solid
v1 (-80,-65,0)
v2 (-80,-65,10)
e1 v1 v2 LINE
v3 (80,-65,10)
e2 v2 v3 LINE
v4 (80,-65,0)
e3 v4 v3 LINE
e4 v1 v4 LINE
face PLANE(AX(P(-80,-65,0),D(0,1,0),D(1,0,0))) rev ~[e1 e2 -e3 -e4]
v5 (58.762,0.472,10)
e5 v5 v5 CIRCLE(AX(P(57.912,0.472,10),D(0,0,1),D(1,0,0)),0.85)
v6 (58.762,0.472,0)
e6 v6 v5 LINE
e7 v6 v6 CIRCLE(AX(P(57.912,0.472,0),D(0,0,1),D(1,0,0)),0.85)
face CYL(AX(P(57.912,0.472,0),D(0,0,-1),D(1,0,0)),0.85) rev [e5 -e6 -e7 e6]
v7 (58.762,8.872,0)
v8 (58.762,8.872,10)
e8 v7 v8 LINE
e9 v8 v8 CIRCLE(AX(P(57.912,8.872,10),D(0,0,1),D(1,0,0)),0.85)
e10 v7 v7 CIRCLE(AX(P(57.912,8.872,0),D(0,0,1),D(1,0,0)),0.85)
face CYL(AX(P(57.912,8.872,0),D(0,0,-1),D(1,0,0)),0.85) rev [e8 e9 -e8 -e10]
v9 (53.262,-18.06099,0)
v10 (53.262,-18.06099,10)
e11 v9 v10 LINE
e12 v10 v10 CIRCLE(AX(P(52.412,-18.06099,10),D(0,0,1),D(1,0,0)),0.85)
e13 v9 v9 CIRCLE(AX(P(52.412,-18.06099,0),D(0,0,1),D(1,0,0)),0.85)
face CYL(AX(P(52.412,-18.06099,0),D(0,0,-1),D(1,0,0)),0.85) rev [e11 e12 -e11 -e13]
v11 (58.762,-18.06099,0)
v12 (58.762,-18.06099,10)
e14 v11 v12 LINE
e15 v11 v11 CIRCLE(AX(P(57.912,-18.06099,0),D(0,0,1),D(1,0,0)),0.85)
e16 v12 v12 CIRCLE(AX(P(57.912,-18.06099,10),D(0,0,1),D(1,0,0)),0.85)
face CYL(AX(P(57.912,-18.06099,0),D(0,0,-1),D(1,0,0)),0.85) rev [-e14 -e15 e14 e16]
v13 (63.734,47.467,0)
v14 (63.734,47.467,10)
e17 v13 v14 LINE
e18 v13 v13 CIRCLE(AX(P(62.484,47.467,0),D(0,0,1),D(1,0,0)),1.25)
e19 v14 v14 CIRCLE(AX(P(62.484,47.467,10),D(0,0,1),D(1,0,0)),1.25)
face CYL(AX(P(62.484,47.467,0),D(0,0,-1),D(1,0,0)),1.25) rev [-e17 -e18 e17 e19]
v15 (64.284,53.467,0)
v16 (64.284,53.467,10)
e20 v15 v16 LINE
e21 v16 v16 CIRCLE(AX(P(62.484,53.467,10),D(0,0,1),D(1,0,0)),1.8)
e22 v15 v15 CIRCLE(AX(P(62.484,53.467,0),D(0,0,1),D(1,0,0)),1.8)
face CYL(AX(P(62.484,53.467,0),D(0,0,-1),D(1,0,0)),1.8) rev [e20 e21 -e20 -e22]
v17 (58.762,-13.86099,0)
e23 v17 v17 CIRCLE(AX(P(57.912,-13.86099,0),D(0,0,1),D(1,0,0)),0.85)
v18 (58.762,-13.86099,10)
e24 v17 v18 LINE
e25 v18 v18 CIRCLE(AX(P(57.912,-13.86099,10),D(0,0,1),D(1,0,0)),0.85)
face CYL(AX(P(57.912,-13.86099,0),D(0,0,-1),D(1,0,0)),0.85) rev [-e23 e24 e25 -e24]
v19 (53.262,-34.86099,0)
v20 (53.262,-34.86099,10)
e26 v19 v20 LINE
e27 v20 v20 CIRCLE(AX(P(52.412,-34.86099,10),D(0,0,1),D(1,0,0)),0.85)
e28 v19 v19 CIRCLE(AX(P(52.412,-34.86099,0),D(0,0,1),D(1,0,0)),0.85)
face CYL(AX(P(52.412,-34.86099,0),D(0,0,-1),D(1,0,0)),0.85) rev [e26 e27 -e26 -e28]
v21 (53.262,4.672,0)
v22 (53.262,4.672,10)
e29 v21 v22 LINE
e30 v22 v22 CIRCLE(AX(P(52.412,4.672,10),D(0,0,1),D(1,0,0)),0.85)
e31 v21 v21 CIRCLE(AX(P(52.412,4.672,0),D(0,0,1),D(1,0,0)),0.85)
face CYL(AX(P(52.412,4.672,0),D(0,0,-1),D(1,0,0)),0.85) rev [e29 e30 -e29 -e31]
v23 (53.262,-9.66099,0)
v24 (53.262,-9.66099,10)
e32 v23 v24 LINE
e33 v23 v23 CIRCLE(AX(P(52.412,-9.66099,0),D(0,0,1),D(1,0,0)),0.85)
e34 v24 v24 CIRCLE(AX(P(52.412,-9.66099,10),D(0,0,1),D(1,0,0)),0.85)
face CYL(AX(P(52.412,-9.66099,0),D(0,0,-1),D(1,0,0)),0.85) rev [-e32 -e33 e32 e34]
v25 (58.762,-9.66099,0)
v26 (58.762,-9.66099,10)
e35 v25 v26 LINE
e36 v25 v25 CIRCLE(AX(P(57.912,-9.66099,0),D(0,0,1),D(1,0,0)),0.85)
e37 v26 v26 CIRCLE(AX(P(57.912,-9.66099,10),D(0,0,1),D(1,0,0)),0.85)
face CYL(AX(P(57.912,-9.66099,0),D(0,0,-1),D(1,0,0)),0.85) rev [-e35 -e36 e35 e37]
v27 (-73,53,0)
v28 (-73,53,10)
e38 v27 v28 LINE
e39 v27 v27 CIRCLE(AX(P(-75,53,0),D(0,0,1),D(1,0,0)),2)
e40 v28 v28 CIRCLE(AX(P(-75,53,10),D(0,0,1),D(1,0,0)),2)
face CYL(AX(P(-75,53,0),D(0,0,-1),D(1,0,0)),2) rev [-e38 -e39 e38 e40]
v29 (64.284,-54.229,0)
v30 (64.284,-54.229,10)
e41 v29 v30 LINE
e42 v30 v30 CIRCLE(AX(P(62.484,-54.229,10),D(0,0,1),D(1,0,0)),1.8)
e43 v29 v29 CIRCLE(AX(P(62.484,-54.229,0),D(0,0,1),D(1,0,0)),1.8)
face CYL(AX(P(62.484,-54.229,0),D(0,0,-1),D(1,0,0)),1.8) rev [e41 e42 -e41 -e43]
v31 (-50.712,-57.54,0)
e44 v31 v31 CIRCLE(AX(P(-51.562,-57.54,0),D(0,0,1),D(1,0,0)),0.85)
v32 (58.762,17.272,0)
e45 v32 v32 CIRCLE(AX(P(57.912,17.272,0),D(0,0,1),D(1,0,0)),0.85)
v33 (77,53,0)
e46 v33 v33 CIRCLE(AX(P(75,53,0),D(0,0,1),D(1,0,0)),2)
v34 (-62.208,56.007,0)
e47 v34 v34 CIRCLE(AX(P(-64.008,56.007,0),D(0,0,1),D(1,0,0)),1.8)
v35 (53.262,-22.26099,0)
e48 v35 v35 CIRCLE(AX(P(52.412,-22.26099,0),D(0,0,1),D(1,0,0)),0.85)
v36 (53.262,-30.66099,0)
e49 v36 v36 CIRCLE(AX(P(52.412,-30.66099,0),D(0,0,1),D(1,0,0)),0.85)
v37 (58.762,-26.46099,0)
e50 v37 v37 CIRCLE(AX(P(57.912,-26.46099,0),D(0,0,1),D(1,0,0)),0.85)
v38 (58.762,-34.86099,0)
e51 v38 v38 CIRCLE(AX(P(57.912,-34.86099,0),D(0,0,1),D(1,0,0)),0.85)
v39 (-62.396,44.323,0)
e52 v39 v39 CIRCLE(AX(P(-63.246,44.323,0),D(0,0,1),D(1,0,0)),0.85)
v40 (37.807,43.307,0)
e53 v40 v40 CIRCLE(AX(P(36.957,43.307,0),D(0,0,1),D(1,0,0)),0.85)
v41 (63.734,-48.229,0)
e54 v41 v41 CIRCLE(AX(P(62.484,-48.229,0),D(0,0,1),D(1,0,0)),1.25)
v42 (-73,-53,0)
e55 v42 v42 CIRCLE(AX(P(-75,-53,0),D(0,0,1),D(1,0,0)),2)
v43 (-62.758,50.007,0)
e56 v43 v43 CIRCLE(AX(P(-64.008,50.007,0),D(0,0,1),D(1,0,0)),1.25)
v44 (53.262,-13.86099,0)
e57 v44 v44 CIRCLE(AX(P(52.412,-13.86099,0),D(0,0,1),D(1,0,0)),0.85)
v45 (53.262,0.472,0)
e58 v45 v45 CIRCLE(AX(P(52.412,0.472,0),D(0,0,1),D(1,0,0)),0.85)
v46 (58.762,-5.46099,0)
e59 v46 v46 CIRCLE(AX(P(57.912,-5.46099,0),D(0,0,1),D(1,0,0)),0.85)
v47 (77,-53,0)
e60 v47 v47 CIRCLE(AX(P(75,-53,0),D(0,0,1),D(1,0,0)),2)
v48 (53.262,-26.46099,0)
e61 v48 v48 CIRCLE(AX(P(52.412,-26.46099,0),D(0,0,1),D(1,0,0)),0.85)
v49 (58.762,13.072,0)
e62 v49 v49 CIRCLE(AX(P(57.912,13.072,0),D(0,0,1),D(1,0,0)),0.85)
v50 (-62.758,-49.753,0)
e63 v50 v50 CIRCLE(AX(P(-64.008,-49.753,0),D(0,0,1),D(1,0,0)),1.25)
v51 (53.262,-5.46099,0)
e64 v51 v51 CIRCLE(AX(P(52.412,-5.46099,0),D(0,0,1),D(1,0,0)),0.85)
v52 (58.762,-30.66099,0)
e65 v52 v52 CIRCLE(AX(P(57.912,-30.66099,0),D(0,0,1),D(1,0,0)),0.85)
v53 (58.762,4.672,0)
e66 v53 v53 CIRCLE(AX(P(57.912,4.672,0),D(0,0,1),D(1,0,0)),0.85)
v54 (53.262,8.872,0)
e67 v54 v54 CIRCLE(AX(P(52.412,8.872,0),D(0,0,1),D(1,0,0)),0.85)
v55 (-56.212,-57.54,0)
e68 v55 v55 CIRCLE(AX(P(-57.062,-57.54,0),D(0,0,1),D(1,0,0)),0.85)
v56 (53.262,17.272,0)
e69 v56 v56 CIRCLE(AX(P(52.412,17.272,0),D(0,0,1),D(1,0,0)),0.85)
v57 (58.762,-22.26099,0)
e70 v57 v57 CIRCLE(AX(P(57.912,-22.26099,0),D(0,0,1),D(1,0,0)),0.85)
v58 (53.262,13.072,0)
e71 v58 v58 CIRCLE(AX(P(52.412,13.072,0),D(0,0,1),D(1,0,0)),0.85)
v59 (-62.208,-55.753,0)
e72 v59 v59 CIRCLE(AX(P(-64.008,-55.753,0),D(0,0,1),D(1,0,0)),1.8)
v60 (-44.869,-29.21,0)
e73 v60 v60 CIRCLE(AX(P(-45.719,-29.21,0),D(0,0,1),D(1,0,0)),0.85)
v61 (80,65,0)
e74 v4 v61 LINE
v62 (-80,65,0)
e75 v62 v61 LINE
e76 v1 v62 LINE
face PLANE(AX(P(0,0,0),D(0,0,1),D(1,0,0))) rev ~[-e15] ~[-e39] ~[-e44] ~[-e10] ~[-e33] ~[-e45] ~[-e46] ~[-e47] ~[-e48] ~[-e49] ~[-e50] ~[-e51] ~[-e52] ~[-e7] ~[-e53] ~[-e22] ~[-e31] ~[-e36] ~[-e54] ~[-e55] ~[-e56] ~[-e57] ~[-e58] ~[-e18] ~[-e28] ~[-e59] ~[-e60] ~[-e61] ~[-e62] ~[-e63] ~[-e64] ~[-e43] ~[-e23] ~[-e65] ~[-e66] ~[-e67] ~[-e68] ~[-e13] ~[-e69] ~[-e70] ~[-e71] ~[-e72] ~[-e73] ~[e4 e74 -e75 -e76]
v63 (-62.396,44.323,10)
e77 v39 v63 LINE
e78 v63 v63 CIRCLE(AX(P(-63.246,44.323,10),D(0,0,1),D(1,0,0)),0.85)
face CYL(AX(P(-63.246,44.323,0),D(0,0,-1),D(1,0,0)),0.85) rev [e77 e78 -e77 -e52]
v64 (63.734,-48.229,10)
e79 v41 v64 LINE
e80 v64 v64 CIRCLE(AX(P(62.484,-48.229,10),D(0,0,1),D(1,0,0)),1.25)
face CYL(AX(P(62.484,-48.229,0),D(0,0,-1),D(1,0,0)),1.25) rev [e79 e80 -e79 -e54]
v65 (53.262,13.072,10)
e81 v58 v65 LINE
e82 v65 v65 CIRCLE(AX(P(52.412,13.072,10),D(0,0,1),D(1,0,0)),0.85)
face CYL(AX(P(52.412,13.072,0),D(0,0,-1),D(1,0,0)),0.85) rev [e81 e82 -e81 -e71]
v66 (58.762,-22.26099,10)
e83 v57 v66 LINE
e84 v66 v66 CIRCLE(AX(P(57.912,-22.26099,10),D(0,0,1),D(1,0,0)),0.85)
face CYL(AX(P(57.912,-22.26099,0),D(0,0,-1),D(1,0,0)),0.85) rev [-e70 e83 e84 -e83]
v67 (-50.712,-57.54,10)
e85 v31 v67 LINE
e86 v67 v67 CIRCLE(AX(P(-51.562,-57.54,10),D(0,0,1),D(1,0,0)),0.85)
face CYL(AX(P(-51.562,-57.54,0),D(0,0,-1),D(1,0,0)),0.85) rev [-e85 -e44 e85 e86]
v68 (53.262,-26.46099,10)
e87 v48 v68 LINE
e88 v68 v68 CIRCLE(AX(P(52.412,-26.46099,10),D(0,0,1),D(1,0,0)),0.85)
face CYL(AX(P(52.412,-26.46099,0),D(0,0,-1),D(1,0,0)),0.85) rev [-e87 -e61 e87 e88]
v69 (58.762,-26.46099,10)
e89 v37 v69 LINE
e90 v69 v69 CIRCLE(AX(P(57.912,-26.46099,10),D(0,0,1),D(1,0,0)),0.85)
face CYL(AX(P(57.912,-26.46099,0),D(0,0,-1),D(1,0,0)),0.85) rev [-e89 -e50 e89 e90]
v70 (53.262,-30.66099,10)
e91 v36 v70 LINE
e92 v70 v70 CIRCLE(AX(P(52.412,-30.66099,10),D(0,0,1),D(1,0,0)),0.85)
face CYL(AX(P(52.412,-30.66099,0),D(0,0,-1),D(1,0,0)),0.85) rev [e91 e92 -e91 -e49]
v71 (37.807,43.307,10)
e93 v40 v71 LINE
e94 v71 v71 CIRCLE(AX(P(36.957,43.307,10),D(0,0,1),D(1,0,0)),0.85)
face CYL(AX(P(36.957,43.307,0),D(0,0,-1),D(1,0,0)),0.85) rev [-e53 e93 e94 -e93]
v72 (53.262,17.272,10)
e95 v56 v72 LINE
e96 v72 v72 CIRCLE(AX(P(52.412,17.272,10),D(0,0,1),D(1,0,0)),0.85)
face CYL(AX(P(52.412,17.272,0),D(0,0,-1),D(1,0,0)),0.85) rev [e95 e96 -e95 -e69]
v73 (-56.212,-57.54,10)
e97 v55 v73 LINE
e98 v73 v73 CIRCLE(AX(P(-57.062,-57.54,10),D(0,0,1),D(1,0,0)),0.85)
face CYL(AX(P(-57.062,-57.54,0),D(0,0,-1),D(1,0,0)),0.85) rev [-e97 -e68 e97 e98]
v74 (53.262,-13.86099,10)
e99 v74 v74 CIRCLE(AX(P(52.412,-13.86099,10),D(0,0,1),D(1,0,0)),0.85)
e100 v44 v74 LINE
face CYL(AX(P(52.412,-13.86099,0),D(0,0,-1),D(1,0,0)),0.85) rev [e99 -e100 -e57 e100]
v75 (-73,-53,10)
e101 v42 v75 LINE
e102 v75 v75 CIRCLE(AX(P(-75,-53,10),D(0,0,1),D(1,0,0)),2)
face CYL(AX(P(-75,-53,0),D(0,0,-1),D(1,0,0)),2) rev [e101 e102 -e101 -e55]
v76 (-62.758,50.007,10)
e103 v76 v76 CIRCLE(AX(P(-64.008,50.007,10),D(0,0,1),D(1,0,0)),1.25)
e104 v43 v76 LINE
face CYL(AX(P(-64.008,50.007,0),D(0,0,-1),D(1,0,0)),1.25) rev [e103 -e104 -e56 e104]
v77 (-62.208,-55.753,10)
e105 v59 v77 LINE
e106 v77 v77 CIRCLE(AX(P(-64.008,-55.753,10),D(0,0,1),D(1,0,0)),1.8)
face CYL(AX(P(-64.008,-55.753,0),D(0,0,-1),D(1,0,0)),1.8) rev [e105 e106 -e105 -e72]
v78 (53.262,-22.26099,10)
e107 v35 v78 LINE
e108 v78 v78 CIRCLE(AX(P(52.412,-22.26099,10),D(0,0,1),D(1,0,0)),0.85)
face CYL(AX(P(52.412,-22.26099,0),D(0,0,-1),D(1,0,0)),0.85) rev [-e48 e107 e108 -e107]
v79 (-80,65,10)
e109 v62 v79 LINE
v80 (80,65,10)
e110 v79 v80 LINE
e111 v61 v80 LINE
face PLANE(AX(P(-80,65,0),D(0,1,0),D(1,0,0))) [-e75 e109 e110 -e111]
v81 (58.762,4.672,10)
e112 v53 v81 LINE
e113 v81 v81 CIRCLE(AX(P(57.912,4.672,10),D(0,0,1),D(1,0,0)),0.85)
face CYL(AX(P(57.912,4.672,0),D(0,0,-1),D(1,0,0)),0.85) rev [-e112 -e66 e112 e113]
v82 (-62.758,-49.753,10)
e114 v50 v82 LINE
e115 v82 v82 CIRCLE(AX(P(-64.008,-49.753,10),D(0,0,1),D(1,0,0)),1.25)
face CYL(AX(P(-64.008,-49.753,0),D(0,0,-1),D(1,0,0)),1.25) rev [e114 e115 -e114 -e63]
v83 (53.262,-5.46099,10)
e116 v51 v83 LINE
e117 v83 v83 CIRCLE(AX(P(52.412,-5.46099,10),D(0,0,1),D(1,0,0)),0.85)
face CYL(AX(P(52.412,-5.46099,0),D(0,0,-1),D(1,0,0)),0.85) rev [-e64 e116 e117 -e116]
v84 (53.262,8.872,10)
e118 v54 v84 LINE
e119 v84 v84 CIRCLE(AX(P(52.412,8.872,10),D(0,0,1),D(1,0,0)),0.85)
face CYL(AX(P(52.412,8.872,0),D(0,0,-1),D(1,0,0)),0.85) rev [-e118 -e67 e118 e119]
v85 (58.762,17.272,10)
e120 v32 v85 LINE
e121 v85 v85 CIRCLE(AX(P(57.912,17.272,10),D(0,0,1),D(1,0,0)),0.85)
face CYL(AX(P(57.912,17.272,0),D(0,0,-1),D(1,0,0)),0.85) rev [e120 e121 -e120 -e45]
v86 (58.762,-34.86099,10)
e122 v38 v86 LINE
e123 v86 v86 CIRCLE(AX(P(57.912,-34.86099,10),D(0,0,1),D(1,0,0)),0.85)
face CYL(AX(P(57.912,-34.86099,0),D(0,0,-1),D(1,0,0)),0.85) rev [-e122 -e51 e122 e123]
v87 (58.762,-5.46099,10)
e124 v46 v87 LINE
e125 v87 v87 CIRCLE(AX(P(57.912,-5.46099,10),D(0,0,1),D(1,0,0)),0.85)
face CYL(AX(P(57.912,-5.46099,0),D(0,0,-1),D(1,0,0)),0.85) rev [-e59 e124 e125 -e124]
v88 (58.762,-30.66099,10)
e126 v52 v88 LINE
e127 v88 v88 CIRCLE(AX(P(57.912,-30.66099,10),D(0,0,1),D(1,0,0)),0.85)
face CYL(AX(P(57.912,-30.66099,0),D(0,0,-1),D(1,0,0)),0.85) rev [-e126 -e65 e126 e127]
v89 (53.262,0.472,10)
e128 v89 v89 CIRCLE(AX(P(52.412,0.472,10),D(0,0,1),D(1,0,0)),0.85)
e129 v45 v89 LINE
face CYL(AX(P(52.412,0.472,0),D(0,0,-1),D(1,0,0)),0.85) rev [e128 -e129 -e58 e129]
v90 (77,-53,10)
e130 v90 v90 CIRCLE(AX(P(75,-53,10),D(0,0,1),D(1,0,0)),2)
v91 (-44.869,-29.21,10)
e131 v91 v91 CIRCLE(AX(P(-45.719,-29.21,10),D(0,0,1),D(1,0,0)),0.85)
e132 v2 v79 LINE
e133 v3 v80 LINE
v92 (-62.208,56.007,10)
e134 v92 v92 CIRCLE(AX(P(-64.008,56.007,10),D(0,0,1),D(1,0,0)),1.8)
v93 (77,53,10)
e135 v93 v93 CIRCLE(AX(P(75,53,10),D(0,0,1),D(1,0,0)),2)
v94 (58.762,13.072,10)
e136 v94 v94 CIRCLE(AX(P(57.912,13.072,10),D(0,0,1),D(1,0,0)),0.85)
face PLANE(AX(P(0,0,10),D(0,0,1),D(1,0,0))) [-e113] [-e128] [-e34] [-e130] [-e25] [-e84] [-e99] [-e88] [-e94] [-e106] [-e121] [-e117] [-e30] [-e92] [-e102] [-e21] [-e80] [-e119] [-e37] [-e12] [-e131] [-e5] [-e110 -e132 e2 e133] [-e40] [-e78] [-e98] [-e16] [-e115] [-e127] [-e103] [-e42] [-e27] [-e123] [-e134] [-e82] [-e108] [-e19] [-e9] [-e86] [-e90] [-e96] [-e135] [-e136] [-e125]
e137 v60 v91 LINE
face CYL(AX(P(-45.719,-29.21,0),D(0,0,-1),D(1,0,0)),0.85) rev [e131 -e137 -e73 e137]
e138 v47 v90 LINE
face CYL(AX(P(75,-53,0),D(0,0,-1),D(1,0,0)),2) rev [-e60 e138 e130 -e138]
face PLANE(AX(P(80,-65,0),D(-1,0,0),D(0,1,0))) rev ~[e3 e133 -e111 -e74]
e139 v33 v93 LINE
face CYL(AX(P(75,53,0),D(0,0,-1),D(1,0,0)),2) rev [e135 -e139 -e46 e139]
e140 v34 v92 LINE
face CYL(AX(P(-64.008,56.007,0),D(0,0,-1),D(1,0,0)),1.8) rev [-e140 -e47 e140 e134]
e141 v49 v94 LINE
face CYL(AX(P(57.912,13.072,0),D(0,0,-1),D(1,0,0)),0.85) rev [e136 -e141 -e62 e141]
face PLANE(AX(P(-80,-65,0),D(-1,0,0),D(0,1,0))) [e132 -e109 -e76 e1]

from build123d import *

# Parameters (mm, degrees)
F0_W     = 160
F0_H     = 130
F0_R     = 2
F0_R_2   = 1.8
F0_R_3   = 1.25
F0_R_4   = 0.85
F1_DEPTH = 10


with BuildPart() as f1:
    # F0 (on Top) → F1 (new body)
    with BuildSketch(Plane.XY):
        Rectangle(F0_W, F0_H)
        with Locations((-75, -53)):
            Circle(F0_R, mode=Mode.SUBTRACT)
        with Locations((-64.008, -55.753)):
            Circle(F0_R_2, mode=Mode.SUBTRACT)
        with Locations((-64.008, -49.753)):
            Circle(F0_R_3, mode=Mode.SUBTRACT)
        with Locations((-57.062, -57.54)):
            Circle(F0_R_4, mode=Mode.SUBTRACT)
        with Locations((-51.562, -57.54)):
            Circle(F0_R_4, mode=Mode.SUBTRACT)
        with Locations((-45.719, -29.21)):
            Circle(F0_R_4, mode=Mode.SUBTRACT)
        with Locations((62.484, -54.229)):
            Circle(F0_R_2, mode=Mode.SUBTRACT)
        with Locations((75, -53)):
            Circle(F0_R, mode=Mode.SUBTRACT)
        with Locations((52.412, -34.86099)):
            Circle(F0_R_4, mode=Mode.SUBTRACT)
        with Locations((57.912, -34.86099)):
            Circle(F0_R_4, mode=Mode.SUBTRACT)
        with Locations((62.484, -48.229)):
            Circle(F0_R_3, mode=Mode.SUBTRACT)
        with Locations((52.412, -30.66099)):
            Circle(F0_R_4, mode=Mode.SUBTRACT)
        with Locations((57.912, -30.66099)):
            Circle(F0_R_4, mode=Mode.SUBTRACT)
        with Locations((52.412, -26.46099)):
            Circle(F0_R_4, mode=Mode.SUBTRACT)
        with Locations((57.912, -26.46099)):
            Circle(F0_R_4, mode=Mode.SUBTRACT)
        with Locations((52.412, -22.26099)):
            Circle(F0_R_4, mode=Mode.SUBTRACT)
        with Locations((57.912, -22.26099)):
            Circle(F0_R_4, mode=Mode.SUBTRACT)
        with Locations((52.412, -18.06099)):
            Circle(F0_R_4, mode=Mode.SUBTRACT)
        with Locations((57.912, -18.06099)):
            Circle(F0_R_4, mode=Mode.SUBTRACT)
        with Locations((52.412, -13.86099)):
            Circle(F0_R_4, mode=Mode.SUBTRACT)
        with Locations((57.912, -13.86099)):
            Circle(F0_R_4, mode=Mode.SUBTRACT)
        with Locations((52.412, -9.66099)):
            Circle(F0_R_4, mode=Mode.SUBTRACT)
        with Locations((57.912, -9.66099)):
            Circle(F0_R_4, mode=Mode.SUBTRACT)
        with Locations((52.412, -5.46099)):
            Circle(F0_R_4, mode=Mode.SUBTRACT)
        with Locations((57.912, -5.46099)):
            Circle(F0_R_4, mode=Mode.SUBTRACT)
        with Locations((-63.246, 44.323)):
            Circle(F0_R_4, mode=Mode.SUBTRACT)
        with Locations((-75, 53)):
            Circle(F0_R, mode=Mode.SUBTRACT)
        with Locations((-64.008, 50.007)):
            Circle(F0_R_3, mode=Mode.SUBTRACT)
        with Locations((-64.008, 56.007)):
            Circle(F0_R_2, mode=Mode.SUBTRACT)
        with Locations((52.412, 0.472)):
            Circle(F0_R_4, mode=Mode.SUBTRACT)
        with Locations((57.912, 0.472)):
            Circle(F0_R_4, mode=Mode.SUBTRACT)
        with Locations((52.412, 4.672)):
            Circle(F0_R_4, mode=Mode.SUBTRACT)
        with Locations((57.912, 4.672)):
            Circle(F0_R_4, mode=Mode.SUBTRACT)
        with Locations((52.412, 8.872)):
            Circle(F0_R_4, mode=Mode.SUBTRACT)
        with Locations((57.912, 8.872)):
            Circle(F0_R_4, mode=Mode.SUBTRACT)
        with Locations((52.412, 13.072)):
            Circle(F0_R_4, mode=Mode.SUBTRACT)
        with Locations((57.912, 13.072)):
            Circle(F0_R_4, mode=Mode.SUBTRACT)
        with Locations((52.412, 17.272)):
            Circle(F0_R_4, mode=Mode.SUBTRACT)
        with Locations((57.912, 17.272)):
            Circle(F0_R_4, mode=Mode.SUBTRACT)
        with Locations((36.957, 43.307)):
            Circle(F0_R_4, mode=Mode.SUBTRACT)
        with Locations((62.484, 47.467)):
            Circle(F0_R_3, mode=Mode.SUBTRACT)
        with Locations((62.484, 53.467)):
            Circle(F0_R_2, mode=Mode.SUBTRACT)
        with Locations((75, 53)):
            Circle(F0_R, mode=Mode.SUBTRACT)
    extrude(amount=F1_DEPTH)


solid = f1.part
